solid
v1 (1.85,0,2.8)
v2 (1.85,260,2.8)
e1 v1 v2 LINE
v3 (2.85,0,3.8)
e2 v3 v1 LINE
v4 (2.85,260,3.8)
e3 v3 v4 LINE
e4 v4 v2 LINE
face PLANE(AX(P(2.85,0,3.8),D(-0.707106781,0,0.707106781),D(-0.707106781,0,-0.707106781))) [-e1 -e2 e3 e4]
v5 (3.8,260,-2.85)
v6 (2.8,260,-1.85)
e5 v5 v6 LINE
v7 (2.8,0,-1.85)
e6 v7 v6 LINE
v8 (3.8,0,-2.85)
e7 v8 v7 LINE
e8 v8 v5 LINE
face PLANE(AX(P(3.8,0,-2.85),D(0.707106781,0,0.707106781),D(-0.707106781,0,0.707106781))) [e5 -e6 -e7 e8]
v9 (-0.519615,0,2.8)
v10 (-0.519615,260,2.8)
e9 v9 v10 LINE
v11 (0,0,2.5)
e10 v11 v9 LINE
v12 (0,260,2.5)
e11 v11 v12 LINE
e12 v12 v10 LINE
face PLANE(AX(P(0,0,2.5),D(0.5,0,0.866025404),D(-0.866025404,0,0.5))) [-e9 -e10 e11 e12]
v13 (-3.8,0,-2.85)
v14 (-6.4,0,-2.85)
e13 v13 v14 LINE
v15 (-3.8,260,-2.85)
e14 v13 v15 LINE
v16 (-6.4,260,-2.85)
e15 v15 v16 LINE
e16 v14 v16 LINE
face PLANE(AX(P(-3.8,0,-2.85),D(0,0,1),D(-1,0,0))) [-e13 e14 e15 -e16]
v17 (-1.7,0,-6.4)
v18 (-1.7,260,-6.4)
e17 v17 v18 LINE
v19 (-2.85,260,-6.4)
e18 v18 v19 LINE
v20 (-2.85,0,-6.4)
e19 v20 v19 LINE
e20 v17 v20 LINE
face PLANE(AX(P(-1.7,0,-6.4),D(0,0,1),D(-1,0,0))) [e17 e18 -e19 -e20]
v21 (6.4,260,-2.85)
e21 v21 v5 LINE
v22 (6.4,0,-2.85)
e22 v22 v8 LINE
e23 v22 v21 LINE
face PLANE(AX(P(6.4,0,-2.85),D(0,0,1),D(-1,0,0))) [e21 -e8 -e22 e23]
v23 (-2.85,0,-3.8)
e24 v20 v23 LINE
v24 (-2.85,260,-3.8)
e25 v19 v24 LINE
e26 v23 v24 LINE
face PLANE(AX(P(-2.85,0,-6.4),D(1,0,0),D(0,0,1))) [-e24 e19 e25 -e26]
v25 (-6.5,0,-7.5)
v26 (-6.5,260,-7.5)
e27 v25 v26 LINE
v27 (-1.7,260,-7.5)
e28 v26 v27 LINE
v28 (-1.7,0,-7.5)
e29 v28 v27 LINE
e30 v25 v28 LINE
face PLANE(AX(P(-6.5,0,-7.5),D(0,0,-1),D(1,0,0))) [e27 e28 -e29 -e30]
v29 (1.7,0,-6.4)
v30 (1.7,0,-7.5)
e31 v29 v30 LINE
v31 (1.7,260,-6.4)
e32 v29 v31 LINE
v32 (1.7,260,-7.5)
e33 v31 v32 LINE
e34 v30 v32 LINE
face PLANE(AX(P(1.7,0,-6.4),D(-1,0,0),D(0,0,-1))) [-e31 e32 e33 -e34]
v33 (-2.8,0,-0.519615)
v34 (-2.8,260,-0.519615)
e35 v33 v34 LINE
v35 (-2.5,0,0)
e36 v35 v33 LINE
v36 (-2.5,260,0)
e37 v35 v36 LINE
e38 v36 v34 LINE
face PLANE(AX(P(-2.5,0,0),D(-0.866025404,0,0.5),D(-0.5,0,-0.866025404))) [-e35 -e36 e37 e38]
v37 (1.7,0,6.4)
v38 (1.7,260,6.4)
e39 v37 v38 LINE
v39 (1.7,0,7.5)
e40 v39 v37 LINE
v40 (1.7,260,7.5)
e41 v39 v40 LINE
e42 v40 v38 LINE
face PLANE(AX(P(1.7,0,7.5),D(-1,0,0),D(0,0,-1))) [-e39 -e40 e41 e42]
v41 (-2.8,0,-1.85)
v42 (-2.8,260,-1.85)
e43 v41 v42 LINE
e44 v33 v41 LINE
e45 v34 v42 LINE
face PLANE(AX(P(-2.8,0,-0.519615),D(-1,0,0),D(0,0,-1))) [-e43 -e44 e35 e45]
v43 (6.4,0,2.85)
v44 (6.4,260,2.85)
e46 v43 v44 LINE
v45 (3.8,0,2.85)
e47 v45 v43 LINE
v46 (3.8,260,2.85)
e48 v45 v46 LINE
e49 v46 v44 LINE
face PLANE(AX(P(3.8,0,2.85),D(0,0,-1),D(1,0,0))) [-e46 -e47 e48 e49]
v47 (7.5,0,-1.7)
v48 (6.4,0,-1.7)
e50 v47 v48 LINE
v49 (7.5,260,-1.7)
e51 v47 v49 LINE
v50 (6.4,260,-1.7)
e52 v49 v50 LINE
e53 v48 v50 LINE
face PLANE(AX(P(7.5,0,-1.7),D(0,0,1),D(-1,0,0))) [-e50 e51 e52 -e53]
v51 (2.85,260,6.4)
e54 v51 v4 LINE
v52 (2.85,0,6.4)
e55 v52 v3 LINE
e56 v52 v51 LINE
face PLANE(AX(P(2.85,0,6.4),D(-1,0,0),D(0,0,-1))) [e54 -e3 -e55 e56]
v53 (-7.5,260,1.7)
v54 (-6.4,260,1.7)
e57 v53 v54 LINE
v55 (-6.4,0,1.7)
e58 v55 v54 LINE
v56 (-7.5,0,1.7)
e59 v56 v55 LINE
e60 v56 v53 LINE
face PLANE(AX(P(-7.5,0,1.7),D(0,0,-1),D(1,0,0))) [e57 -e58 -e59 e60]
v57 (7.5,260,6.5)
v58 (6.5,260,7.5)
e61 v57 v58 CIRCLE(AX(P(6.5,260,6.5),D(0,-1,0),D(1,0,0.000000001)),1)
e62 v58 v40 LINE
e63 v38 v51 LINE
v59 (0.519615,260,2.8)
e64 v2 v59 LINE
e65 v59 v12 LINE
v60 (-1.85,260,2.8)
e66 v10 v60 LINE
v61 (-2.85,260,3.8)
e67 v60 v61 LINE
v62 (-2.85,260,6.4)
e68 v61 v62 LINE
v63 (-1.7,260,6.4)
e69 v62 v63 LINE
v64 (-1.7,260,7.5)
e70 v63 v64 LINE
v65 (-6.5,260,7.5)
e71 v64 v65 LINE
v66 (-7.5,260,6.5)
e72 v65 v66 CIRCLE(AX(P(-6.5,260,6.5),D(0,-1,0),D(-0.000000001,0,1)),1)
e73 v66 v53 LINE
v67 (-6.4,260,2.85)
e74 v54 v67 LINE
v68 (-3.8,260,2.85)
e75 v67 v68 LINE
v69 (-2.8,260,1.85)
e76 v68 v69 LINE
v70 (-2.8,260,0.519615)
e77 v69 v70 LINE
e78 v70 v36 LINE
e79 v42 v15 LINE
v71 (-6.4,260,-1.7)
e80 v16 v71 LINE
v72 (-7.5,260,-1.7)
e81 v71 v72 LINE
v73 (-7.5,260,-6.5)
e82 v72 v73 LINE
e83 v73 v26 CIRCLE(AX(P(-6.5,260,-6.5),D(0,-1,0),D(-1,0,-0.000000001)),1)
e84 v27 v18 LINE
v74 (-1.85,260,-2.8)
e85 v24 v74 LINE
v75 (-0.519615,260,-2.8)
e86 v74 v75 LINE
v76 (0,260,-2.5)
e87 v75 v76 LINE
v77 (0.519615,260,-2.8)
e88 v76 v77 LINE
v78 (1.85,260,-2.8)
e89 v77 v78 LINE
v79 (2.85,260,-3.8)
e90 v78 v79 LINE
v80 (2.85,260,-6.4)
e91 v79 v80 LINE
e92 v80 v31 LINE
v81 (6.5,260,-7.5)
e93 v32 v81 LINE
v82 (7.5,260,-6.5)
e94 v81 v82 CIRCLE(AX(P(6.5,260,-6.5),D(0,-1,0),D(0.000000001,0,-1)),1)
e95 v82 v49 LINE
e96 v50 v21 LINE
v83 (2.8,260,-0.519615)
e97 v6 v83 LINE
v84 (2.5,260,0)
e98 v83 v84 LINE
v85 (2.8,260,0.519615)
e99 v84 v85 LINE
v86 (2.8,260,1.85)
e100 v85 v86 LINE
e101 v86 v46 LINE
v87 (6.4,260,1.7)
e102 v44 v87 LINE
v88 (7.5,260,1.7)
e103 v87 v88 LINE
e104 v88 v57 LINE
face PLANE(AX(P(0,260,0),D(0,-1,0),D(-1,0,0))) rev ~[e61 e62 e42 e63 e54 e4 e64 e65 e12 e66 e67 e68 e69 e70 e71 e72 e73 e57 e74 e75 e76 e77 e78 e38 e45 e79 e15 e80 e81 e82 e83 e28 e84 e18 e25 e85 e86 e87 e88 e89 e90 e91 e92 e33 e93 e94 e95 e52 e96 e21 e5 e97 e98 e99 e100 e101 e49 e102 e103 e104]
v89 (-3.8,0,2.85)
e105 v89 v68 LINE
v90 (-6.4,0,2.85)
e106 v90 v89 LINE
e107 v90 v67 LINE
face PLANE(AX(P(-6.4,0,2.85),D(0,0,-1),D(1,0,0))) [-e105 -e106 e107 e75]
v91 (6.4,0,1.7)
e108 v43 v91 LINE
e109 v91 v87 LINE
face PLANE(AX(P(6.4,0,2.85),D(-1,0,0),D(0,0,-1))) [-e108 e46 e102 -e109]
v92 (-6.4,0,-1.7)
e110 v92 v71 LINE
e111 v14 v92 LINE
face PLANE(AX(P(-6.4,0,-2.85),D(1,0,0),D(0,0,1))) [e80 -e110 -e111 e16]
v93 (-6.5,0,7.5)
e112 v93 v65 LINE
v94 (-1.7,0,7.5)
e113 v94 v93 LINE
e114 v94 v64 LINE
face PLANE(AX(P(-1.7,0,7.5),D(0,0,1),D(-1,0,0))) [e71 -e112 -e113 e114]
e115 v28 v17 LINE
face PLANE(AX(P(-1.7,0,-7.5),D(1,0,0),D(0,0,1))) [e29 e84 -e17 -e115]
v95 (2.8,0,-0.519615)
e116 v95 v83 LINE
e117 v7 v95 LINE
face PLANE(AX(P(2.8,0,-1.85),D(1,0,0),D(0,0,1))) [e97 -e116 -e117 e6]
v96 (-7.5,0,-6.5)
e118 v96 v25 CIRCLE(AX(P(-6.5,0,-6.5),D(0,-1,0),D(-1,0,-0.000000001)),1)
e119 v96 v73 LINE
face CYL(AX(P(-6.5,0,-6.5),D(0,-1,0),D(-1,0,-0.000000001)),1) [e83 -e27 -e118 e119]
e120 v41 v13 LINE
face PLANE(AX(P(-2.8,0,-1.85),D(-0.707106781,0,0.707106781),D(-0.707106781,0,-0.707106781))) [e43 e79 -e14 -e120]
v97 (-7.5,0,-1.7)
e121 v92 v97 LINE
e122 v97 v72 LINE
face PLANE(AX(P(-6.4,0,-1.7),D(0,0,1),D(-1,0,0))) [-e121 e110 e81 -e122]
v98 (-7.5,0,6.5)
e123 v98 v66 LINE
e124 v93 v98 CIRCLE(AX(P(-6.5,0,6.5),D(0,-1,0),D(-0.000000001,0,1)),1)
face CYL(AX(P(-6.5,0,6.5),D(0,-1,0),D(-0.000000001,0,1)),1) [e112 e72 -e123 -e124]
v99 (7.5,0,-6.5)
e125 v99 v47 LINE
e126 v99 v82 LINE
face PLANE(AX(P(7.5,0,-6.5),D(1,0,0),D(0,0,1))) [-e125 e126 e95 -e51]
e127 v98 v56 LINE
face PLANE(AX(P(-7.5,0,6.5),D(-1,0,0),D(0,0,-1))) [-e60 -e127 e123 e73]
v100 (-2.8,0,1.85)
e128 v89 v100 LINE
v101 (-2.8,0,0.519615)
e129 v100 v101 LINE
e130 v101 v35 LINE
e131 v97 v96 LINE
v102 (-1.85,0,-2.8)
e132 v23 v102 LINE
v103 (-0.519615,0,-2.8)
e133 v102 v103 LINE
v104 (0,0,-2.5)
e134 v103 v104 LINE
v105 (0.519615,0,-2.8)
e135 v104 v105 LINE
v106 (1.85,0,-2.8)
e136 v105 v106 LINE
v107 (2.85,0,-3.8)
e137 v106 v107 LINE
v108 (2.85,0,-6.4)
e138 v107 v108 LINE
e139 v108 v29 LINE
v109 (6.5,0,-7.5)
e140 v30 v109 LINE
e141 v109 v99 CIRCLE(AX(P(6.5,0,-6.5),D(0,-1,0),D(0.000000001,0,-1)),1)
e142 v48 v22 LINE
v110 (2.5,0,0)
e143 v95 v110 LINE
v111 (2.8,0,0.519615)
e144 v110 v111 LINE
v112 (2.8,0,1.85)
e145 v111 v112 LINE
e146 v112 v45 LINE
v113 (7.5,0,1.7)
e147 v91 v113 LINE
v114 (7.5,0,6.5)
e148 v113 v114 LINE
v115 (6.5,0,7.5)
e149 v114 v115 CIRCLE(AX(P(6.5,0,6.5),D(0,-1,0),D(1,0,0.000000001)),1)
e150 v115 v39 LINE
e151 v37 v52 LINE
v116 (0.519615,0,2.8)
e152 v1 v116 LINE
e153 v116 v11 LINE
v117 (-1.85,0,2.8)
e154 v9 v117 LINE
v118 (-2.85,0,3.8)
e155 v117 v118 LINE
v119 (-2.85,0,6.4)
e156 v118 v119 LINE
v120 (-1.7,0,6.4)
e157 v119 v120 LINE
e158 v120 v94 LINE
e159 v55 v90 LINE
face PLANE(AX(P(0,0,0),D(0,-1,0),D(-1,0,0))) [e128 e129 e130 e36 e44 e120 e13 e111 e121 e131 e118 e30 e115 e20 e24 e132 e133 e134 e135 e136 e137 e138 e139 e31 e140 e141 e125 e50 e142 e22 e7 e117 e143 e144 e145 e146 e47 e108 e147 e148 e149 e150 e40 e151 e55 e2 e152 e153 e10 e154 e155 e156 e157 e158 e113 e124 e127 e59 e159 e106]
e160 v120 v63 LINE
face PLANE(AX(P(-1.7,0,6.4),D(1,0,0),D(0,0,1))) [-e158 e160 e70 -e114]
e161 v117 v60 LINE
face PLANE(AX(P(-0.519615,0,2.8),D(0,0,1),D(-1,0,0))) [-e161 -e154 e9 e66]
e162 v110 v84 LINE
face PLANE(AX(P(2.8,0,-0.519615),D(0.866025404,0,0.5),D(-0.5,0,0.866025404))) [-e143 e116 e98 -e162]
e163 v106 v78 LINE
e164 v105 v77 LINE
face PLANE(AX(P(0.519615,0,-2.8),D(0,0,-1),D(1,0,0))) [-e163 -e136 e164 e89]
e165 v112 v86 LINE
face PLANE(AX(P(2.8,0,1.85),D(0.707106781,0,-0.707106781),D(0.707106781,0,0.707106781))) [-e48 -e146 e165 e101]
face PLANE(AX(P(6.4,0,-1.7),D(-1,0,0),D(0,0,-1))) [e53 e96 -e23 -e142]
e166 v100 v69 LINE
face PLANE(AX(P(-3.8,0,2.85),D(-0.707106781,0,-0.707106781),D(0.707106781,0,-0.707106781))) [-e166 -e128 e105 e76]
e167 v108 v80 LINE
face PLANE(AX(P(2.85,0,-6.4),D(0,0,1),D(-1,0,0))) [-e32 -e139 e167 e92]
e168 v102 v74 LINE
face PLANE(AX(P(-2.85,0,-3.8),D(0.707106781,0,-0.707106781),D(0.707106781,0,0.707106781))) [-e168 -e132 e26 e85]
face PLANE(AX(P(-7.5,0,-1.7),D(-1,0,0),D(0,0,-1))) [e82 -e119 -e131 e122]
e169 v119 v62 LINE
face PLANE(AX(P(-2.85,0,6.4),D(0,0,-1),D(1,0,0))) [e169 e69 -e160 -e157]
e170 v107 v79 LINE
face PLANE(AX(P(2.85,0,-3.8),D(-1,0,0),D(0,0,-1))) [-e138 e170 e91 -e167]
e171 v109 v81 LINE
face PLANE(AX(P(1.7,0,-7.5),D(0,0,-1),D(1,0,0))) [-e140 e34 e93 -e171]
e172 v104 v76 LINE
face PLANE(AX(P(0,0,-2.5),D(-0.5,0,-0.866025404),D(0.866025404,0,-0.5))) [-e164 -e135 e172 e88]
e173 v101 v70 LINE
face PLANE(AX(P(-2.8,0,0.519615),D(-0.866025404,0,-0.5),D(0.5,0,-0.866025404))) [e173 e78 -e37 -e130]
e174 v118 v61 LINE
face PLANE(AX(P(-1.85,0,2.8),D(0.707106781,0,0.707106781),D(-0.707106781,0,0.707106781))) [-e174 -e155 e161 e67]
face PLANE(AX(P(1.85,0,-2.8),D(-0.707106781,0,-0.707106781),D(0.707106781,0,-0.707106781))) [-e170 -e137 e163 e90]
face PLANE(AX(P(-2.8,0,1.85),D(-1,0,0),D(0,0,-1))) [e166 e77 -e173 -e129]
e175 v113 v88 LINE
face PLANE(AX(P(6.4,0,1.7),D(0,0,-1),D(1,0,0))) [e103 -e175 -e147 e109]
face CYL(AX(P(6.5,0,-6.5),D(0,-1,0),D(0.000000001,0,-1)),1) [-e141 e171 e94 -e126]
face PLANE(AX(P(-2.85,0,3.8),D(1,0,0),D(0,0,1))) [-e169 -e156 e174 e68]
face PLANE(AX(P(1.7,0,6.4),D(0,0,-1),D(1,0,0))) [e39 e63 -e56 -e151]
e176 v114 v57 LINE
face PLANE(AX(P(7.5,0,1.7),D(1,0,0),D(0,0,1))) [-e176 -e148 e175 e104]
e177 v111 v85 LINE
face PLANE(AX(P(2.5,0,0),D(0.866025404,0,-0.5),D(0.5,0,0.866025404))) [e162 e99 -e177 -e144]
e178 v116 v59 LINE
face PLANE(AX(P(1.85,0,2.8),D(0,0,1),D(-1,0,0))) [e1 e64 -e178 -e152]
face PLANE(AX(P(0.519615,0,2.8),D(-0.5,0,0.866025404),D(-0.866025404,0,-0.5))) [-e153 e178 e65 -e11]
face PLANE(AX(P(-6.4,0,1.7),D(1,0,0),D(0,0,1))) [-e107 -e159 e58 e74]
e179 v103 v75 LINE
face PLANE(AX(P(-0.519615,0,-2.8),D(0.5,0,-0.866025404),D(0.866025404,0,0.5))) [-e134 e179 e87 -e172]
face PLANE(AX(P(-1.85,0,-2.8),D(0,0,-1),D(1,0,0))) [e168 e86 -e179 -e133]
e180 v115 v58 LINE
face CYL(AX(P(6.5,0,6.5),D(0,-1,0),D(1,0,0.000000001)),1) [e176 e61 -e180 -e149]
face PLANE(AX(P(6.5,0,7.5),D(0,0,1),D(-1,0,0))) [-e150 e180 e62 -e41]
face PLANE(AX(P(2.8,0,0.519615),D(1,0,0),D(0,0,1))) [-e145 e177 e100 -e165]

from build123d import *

# Parameters (mm, degrees)
BOSS_EXTRUDE1_DEPTH = 260


with BuildPart() as part:
    # Sketch2 → Boss-Extrude1 (new body)
    with BuildSketch(Plane(origin=(0, 0, 0), x_dir=(1, 0, 0), z_dir=(0, 1, 0))):
        with BuildLine():
            Line((1.7, 7.5), (6.5, 7.5))
            ThreePointArc((6.5, 7.5), (7.207106781, 7.207106781), (7.5, 6.5))
            Line((7.5, 6.5), (7.5, 1.7))
            Line((7.5, 1.7), (6.4, 1.7))
            Line((6.4, 1.7), (6.4, 2.85))
            Line((6.4, 2.85), (3.8, 2.85))
            Line((3.8, 2.85), (2.8, 1.85))
            Line((2.8, 1.85), (2.8, 0.519615242))
            Line((2.8, 0.519615242), (2.5, 0))
            Line((2.5, 0), (2.8, -0.519615242))
            Line((2.8, -0.519615242), (2.8, -1.85))
            Line((2.8, -1.85), (3.8, -2.85))
            Line((3.8, -2.85), (6.4, -2.85))
            Line((6.4, -2.85), (6.4, -1.7))
            Line((6.4, -1.7), (7.5, -1.7))
            Line((7.5, -1.7), (7.5, -6.5))
            ThreePointArc((7.5, -6.5), (7.207106781, -7.207106781), (6.5, -7.5))
            Line((6.5, -7.5), (1.7, -7.5))
            Line((1.7, -7.5), (1.7, -6.4))
            Line((1.7, -6.4), (2.85, -6.4))
            Line((2.85, -6.4), (2.85, -3.8))
            Line((2.85, -3.8), (1.85, -2.8))
            Line((1.85, -2.8), (0.519615242, -2.8))
            Line((0.519615242, -2.8), (0, -2.5))
            Line((0, -2.5), (-0.519615242, -2.8))
            Line((-0.519615242, -2.8), (-1.85, -2.8))
            Line((-1.85, -2.8), (-2.85, -3.8))
            Line((-2.85, -3.8), (-2.85, -6.4))
            Line((-2.85, -6.4), (-1.7, -6.4))
            Line((-1.7, -6.4), (-1.7, -7.5))
            Line((-1.7, -7.5), (-6.5, -7.5))
            ThreePointArc((-6.5, -7.5), (-7.207106781, -7.207106781), (-7.5, -6.5))
            Line((-7.5, -6.5), (-7.5, -1.7))
            Line((-7.5, -1.7), (-6.4, -1.7))
            Line((-6.4, -1.7), (-6.4, -2.85))
            Line((-6.4, -2.85), (-3.8, -2.85))
            Line((-3.8, -2.85), (-2.8, -1.85))
            Line((-2.8, -1.85), (-2.8, -0.519615242))
            Line((-2.8, -0.519615242), (-2.5, 0))
            Line((-2.5, 0), (-2.8, 0.519615242))
            Line((-2.8, 0.519615242), (-2.8, 1.85))
            Line((-2.8, 1.85), (-3.8, 2.85))
            Line((-3.8, 2.85), (-6.4, 2.85))
            Line((-6.4, 2.85), (-6.4, 1.7))
            Line((-6.4, 1.7), (-7.5, 1.7))
            Line((-7.5, 1.7), (-7.5, 6.5))
            ThreePointArc((-7.5, 6.5), (-7.207106781, 7.207106781), (-6.5, 7.5))
            Line((-6.5, 7.5), (-1.7, 7.5))
            Line((-1.7, 7.5), (-1.7, 6.4))
            Line((-1.7, 6.4), (-2.85, 6.4))
            Line((-2.85, 6.4), (-2.85, 3.8))
            Line((-2.85, 3.8), (-1.85, 2.8))
            Line((-1.85, 2.8), (-0.519615242, 2.8))
            Line((-0.519615242, 2.8), (0, 2.5))
            Line((0, 2.5), (0.519615242, 2.8))
            Line((0.519615242, 2.8), (1.85, 2.8))
            Line((1.85, 2.8), (2.85, 3.8))
            Line((2.85, 3.8), (2.85, 6.4))
            Line((2.85, 6.4), (1.7, 6.4))
            Line((1.7, 6.4), (1.7, 7.5))
        make_face()
    extrude(amount=BOSS_EXTRUDE1_DEPTH)


solid = part.part
